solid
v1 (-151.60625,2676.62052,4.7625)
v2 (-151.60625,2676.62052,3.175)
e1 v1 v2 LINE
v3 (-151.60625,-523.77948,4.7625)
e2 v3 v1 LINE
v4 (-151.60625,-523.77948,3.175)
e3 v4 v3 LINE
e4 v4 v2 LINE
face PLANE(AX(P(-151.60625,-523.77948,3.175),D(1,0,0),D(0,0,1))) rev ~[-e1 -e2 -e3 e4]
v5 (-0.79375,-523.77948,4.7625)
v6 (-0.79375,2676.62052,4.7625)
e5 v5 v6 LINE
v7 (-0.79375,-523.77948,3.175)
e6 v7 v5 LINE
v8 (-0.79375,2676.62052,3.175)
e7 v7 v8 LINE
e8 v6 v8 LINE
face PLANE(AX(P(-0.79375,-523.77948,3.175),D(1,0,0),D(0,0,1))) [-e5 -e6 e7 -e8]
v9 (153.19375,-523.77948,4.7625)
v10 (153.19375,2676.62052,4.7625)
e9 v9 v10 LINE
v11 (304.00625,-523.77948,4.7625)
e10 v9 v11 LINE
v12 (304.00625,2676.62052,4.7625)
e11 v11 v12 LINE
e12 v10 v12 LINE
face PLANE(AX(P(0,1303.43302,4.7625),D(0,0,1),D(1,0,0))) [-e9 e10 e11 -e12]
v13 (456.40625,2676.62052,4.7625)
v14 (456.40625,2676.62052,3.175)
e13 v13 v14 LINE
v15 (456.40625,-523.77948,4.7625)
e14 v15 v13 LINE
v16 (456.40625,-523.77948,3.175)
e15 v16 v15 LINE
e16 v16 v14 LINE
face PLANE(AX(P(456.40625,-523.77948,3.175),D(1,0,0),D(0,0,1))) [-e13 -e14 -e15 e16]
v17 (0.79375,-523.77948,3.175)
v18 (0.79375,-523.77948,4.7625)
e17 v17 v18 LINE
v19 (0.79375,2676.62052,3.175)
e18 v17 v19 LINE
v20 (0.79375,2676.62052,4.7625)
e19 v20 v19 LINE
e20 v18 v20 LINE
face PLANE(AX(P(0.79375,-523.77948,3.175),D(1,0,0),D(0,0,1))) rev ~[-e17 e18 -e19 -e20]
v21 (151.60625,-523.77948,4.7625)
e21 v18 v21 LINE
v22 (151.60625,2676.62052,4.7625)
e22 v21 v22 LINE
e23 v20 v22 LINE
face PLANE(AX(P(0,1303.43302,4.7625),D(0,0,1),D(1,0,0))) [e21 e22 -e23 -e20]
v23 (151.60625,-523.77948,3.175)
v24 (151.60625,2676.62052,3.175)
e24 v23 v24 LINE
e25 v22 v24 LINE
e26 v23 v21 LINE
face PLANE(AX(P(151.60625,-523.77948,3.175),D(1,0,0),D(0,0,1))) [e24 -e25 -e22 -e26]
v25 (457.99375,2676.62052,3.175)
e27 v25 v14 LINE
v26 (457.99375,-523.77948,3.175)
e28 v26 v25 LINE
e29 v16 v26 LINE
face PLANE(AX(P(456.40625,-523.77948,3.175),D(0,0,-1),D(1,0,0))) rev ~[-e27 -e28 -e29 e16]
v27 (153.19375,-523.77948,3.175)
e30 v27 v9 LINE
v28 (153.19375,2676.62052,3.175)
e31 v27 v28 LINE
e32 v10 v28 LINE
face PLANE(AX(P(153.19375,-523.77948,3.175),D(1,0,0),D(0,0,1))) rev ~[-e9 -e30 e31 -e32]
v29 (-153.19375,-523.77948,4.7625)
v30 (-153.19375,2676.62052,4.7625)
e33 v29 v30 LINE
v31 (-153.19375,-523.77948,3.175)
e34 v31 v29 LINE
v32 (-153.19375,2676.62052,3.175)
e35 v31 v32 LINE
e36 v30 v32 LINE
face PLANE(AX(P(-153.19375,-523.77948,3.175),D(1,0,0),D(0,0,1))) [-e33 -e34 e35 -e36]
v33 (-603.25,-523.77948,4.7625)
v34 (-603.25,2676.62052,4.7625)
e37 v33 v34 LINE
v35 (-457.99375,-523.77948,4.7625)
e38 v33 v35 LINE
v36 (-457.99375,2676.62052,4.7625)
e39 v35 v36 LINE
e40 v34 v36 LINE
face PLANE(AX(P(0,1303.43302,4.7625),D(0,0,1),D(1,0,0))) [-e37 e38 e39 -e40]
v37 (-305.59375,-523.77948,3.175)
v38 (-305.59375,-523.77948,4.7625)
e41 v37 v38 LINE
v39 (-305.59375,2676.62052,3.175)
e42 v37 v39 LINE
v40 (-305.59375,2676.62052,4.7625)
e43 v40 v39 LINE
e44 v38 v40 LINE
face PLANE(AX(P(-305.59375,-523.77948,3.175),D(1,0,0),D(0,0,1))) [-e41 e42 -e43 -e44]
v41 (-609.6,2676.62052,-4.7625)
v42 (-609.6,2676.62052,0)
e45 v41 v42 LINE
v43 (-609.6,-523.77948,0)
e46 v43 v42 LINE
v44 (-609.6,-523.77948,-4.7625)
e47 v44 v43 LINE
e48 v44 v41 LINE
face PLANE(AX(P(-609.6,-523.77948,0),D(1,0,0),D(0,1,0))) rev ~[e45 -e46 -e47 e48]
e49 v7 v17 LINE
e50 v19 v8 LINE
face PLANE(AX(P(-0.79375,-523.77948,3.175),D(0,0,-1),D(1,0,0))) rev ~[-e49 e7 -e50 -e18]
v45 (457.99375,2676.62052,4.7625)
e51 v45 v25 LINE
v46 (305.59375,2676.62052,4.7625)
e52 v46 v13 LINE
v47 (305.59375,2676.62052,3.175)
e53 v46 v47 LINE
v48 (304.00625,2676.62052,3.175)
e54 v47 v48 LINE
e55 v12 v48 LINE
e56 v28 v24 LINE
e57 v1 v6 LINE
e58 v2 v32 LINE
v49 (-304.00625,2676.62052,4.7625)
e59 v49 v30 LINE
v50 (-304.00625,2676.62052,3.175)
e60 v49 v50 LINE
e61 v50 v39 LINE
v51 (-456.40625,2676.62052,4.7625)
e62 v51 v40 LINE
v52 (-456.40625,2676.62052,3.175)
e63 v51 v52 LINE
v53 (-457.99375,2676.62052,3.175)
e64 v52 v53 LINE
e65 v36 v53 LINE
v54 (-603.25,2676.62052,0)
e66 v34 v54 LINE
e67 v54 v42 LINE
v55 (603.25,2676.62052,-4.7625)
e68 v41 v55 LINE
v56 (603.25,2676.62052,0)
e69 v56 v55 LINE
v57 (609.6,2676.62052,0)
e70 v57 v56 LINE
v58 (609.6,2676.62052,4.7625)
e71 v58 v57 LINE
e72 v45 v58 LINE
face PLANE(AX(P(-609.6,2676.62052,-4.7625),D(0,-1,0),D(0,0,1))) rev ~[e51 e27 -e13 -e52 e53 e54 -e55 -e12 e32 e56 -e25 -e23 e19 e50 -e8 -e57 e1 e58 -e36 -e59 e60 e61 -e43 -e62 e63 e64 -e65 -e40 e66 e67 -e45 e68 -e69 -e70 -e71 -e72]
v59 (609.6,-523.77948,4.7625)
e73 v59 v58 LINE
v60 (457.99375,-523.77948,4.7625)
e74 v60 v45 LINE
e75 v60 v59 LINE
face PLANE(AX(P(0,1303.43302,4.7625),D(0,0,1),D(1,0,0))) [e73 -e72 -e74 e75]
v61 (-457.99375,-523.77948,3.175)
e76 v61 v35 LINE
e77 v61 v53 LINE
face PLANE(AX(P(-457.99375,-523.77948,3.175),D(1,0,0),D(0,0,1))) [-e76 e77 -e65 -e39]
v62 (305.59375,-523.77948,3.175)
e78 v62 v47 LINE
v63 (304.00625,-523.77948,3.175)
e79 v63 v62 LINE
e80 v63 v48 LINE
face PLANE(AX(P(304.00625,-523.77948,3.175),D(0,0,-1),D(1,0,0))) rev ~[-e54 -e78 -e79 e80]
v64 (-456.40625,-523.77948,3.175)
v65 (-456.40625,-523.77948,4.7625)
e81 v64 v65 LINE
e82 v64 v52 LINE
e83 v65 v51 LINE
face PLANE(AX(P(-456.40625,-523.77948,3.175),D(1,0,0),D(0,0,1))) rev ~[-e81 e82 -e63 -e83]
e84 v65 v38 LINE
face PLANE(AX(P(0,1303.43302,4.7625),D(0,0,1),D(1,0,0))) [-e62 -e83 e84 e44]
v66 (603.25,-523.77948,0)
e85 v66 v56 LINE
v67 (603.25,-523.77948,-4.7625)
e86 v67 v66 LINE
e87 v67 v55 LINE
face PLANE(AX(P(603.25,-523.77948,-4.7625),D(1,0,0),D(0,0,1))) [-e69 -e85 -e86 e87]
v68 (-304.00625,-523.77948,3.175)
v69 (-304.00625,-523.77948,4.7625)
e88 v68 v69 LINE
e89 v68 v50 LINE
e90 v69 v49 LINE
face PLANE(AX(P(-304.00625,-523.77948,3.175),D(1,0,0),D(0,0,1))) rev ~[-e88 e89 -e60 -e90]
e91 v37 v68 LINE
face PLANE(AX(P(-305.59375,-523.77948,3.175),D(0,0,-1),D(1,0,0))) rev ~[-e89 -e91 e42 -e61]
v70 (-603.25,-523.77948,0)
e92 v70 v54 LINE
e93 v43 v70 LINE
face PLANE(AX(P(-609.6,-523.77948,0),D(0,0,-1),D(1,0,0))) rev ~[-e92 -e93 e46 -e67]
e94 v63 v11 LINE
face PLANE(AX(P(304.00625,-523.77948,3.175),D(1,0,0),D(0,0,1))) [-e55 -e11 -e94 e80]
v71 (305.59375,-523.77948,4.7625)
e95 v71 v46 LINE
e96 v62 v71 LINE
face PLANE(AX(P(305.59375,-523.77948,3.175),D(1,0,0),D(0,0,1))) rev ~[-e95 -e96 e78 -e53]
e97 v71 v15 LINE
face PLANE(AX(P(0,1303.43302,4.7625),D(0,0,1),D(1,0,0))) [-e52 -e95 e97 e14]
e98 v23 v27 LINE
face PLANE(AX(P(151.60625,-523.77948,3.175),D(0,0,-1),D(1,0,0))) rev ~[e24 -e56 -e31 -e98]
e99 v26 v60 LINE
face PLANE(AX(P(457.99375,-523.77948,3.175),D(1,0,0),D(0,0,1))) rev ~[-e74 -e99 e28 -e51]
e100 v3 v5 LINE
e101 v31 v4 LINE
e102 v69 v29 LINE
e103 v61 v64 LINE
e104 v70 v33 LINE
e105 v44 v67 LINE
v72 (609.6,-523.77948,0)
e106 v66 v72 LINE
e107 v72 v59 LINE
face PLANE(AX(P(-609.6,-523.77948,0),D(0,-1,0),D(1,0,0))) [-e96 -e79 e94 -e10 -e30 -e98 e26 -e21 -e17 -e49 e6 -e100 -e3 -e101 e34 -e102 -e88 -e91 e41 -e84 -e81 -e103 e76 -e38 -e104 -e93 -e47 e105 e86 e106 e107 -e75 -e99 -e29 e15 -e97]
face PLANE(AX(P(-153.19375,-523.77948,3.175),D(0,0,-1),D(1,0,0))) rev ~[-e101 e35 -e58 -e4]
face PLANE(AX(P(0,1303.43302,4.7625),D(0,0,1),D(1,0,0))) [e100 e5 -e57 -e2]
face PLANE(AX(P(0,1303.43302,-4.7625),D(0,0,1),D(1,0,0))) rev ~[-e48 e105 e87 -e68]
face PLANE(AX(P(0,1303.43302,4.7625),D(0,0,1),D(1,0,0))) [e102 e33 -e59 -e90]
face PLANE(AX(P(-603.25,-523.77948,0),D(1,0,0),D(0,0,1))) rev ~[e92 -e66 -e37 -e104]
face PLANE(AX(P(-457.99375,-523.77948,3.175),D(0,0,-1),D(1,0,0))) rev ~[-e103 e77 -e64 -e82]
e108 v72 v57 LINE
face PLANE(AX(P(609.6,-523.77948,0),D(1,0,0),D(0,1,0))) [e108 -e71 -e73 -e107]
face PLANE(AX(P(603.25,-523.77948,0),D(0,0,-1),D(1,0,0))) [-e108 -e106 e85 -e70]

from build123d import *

# Parameters (mm, degrees)
F0_W     = 1219.2
F0_H     = 3654.425
F1_DEPTH = 4.7625
F2_W     = 6.35
F2_H     = 4.7625
F3_DEPTH = 3654.426
F4_W     = 1.5875
F4_H     = 1.5875
F5_DEPTH = 3654.426
F6_W     = 454.025
F6_H     = 9.525
F7_DEPTH = 1219.201


with BuildPart() as f1:
    # F0 (on Top) → F1 (new body, symmetric)
    with BuildSketch(Plane.XY):
        with Locations((0, 1303.43302)):
            Rectangle(F0_W, F0_H)
    extrude(amount=F1_DEPTH, both=True)

    # F2 (on face) → F3 (cut, through all)
    with BuildSketch(Plane.XZ.offset(523.77948)):
        with Locations((606.425, -2.38125)):
            Rectangle(F2_W, F2_H)
        with Locations((-606.425, 2.38125)):
            Rectangle(F2_W, F2_H)
    extrude(amount=-F3_DEPTH, mode=Mode.SUBTRACT)

    # F4 (on face) → F5 (cut, through all)
    with BuildSketch(Plane.XZ.offset(523.77948)):
        with Locations((-457.2, 3.96875)):
            Rectangle(F4_W, F4_H)
        with Locations((-304.8, 3.96875)):
            Rectangle(F4_W, F4_H)
        with Locations((-152.4, 3.96875)):
            Rectangle(F4_W, F4_H)
        with Locations((0, 3.96875)):
            Rectangle(F4_W, F4_H)
        with Locations((152.4, 3.96875)):
            Rectangle(F4_W, F4_H)
        with Locations((304.8, 3.96875)):
            Rectangle(F4_W, F4_H)
        with Locations((457.2, 3.96875)):
            Rectangle(F4_W, F4_H)
    extrude(amount=-F5_DEPTH, mode=Mode.SUBTRACT)

    # F6 (on face) → F7 (cut, through all)
    with BuildSketch(Plane(origin=(-609.6, 0, 0), x_dir=(0, -1, 0), z_dir=(-1, 0, 0))):
        with Locations((-2903.63302, 0)):
            Rectangle(F6_W, F6_H)
    extrude(amount=-F7_DEPTH, mode=Mode.SUBTRACT)


solid = f1.part
